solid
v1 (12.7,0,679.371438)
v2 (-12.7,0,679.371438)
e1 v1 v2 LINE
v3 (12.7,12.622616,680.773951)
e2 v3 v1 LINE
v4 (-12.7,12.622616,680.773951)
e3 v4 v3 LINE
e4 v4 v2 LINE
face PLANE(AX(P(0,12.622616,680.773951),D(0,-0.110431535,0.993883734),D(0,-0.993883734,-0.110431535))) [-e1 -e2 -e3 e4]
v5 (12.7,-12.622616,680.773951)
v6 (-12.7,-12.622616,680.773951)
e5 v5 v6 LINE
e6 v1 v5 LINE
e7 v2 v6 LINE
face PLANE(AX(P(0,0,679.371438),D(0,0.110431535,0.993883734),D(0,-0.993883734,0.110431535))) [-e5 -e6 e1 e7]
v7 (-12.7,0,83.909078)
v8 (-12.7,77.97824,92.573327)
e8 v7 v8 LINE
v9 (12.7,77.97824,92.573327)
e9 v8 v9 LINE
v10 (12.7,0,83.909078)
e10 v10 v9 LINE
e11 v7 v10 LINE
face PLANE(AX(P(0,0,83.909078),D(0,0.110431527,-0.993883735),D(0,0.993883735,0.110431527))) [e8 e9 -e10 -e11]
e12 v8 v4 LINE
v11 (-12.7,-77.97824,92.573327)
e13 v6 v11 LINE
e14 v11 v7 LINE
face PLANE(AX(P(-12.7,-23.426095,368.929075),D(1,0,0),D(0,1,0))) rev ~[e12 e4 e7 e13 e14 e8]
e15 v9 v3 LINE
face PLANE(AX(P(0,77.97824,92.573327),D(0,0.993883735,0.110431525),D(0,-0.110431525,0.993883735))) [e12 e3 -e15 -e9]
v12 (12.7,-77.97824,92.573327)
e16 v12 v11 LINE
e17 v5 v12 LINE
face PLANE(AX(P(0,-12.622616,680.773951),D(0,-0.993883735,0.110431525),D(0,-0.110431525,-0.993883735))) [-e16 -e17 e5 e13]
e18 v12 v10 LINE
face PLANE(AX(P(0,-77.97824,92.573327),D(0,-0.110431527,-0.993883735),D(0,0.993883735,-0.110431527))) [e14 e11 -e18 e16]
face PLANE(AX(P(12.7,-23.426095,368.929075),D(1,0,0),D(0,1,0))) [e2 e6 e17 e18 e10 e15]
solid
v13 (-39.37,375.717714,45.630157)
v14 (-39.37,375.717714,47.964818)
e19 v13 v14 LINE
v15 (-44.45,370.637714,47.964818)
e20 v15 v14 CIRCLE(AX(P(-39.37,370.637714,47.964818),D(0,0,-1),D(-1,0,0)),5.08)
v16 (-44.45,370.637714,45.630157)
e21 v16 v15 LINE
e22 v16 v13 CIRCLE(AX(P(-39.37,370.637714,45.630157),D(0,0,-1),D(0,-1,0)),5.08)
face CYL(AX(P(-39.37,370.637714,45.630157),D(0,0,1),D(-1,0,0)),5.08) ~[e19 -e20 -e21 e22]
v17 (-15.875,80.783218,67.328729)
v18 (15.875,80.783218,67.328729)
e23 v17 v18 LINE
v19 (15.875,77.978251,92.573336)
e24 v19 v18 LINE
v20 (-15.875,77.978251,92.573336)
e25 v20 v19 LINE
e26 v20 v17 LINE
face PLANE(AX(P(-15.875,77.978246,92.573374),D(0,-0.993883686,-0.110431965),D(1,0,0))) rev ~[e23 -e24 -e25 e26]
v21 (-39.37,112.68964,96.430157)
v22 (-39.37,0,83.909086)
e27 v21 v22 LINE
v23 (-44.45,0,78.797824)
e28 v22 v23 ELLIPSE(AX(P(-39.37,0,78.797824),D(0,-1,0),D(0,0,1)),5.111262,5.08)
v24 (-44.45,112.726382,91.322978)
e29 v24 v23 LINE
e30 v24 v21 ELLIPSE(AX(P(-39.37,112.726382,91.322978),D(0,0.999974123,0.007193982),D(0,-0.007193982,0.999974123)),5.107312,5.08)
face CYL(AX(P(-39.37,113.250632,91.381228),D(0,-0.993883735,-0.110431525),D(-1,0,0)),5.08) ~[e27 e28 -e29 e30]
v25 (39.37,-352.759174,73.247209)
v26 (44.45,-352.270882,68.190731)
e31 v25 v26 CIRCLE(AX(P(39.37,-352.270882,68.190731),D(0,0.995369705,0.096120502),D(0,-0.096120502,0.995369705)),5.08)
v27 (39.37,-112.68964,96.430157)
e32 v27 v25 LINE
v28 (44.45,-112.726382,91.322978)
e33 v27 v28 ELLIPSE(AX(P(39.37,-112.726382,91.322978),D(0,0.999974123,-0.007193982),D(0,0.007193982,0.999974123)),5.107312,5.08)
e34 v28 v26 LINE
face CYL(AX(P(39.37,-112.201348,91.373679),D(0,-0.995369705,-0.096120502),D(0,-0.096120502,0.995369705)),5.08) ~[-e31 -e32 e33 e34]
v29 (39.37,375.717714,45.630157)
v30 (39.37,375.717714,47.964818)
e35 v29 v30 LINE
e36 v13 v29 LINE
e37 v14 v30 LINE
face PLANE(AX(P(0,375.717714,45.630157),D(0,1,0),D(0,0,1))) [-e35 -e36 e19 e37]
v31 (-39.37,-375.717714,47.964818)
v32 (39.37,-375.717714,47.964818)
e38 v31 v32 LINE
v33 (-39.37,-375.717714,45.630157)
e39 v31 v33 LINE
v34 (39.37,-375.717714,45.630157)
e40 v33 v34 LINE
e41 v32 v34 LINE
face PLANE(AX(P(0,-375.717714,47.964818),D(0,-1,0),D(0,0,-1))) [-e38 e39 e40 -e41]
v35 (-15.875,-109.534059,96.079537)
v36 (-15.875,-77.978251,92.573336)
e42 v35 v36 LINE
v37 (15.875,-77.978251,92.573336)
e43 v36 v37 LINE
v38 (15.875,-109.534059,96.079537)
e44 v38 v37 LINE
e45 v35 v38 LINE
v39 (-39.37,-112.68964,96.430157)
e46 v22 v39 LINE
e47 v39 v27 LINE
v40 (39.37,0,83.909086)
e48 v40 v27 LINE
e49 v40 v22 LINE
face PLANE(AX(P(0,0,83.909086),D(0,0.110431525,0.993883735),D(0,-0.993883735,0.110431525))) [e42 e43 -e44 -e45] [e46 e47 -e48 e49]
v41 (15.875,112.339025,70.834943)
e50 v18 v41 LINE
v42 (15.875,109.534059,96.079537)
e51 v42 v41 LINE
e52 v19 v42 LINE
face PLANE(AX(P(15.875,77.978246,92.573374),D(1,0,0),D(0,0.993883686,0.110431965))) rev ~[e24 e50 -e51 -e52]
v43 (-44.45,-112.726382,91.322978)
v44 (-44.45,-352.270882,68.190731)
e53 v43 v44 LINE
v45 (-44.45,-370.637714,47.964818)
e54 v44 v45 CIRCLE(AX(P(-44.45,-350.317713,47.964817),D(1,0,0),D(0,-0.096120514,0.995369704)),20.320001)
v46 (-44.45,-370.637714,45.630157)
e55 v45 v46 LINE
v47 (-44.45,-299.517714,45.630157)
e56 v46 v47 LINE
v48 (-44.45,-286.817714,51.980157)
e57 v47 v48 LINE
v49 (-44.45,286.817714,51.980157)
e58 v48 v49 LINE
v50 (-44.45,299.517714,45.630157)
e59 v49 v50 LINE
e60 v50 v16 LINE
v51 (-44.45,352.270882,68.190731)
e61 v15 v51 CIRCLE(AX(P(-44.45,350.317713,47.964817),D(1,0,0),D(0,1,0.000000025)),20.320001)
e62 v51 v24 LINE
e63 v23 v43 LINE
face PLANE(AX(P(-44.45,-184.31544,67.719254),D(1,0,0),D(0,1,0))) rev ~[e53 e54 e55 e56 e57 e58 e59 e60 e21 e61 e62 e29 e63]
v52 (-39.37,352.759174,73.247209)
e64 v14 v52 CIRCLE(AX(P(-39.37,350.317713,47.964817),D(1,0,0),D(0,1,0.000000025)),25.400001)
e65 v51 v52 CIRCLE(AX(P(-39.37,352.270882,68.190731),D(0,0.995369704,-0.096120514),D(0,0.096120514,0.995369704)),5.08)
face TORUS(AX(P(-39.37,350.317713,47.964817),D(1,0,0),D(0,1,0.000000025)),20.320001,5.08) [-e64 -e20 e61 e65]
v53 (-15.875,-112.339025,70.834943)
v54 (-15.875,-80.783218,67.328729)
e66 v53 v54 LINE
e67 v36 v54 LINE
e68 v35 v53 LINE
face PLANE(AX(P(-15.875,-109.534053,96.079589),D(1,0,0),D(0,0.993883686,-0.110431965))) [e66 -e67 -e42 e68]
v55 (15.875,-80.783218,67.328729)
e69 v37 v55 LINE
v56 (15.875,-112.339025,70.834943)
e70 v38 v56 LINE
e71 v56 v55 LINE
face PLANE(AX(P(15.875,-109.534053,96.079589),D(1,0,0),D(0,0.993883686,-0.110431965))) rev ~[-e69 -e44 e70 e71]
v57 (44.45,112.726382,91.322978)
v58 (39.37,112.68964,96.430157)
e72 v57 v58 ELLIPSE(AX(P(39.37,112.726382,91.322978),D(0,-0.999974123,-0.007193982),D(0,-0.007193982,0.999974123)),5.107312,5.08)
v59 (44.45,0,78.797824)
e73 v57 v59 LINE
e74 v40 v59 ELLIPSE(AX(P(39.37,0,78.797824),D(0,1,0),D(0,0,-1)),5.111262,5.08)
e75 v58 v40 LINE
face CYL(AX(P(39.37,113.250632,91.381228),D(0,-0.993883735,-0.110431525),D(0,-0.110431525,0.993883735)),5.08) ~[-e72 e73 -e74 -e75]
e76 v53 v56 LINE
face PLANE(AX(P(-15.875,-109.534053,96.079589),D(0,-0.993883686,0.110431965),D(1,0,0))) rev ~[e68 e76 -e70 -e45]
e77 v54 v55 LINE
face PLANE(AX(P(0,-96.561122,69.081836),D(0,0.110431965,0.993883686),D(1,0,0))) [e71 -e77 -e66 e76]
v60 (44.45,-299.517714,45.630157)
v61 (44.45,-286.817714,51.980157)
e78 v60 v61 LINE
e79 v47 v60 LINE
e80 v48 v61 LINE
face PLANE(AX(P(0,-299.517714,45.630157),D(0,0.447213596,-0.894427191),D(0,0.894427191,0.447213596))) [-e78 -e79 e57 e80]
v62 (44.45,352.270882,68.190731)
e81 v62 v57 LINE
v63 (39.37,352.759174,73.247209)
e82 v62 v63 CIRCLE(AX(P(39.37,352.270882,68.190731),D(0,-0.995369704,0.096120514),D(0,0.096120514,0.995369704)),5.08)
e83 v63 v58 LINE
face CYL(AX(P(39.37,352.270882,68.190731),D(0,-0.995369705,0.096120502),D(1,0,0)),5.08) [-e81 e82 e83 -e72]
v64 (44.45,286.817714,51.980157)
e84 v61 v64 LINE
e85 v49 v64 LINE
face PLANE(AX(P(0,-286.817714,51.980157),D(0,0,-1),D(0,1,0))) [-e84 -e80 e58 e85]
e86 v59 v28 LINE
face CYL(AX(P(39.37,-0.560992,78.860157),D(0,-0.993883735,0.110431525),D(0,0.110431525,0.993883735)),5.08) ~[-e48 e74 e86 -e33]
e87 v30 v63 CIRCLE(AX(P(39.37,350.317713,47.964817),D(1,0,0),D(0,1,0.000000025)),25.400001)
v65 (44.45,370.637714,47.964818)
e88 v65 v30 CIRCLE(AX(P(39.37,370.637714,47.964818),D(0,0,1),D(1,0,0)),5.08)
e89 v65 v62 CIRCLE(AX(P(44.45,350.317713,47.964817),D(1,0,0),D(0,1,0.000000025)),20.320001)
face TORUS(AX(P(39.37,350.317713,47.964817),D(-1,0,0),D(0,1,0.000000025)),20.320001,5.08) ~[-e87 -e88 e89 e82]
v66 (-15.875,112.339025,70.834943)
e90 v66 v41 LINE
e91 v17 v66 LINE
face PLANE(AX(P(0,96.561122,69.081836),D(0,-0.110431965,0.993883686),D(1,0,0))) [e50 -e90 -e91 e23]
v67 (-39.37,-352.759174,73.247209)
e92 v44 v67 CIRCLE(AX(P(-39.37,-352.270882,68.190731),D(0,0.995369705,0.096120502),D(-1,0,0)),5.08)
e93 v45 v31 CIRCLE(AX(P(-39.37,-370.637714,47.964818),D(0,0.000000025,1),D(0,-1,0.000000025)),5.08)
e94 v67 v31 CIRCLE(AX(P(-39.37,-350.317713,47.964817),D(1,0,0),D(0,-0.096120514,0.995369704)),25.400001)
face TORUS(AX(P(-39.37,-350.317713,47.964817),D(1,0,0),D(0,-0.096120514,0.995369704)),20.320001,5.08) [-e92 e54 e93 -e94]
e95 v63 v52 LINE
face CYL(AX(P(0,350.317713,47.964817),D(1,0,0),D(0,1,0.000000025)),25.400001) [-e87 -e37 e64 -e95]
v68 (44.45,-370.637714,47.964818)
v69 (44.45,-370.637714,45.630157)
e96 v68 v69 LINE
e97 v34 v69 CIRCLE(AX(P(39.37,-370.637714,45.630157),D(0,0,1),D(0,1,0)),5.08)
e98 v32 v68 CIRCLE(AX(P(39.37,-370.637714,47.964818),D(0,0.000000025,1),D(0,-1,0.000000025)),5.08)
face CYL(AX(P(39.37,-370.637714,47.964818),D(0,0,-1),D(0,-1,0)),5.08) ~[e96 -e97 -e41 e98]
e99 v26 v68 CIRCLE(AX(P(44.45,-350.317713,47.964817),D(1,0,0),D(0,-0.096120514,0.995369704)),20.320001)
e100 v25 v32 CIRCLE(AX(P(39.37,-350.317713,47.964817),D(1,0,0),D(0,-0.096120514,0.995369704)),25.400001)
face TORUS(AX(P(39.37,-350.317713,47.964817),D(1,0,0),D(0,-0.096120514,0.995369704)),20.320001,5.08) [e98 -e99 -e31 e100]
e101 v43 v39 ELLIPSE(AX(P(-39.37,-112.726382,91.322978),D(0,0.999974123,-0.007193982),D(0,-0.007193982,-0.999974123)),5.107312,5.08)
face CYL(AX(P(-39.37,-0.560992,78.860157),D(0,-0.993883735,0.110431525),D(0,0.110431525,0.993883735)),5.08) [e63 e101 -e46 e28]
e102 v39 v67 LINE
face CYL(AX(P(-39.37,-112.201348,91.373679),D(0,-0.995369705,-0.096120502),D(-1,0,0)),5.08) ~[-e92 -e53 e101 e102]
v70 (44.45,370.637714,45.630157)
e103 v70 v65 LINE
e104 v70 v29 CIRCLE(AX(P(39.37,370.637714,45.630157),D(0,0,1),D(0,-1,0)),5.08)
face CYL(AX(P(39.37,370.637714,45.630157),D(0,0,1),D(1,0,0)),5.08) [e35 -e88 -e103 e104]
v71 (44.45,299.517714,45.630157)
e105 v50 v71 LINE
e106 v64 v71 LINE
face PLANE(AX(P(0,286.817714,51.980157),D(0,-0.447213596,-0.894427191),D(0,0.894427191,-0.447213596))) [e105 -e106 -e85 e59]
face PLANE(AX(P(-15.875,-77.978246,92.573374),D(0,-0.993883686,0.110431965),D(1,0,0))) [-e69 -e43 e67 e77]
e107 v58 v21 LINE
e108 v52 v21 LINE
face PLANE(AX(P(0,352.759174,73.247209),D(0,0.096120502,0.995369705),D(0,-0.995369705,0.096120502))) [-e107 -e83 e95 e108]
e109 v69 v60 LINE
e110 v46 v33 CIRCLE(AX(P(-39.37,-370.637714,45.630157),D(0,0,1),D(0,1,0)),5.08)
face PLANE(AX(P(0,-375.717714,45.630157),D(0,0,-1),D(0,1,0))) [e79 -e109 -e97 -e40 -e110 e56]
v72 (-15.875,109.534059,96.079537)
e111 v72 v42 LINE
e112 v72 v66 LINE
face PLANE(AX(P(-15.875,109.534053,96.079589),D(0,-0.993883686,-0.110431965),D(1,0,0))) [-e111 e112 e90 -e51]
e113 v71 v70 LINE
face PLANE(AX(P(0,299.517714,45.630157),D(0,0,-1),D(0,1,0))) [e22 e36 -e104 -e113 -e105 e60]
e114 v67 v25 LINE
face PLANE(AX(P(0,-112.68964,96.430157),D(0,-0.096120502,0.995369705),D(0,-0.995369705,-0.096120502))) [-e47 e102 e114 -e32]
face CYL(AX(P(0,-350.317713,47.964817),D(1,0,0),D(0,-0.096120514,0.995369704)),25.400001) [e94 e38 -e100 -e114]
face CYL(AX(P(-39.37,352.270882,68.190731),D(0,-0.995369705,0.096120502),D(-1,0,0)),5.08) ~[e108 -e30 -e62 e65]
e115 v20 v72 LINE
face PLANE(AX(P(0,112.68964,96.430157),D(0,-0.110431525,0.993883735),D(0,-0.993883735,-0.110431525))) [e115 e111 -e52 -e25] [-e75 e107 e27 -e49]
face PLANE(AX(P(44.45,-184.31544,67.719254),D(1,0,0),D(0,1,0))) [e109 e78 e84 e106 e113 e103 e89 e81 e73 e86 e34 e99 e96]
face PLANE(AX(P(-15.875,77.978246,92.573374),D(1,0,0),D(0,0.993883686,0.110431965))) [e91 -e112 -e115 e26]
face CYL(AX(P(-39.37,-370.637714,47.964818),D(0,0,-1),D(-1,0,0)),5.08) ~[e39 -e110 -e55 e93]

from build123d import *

# Parameters (mm, degrees)
F1_DEPTH = 44.45
F2_W     = 31.75
F2_H     = 31.75
F3_DEPTH = 25.4
F4_W     = 31.75
F4_H     = 31.75
F5_DEPTH = 25.4
F6_R     = 5.08
F8_DEPTH = 12.7


with BuildPart() as f1:
    # F0 (on Right) → F1 (new body, symmetric)
    with BuildSketch(Plane.YZ):
        with BuildLine():
            Line((0, 51.980157), (0, 83.909086))
            Line((0, 83.909086), (-112.68964, 96.430157))
            Line((-112.68964, 96.430157), (-352.759174, 73.247209))
            ThreePointArc((-352.759174, 73.247209), (-369.121611, 65.04034), (-375.717714, 47.964818))
            Line((-375.717714, 47.964818), (-375.717714, 45.630157))
            Line((-375.717714, 45.630157), (-299.517714, 45.630157))
            Line((-299.517714, 45.630157), (-286.817714, 51.980157))
            Line((-286.817714, 51.980157), (0, 51.980157))
        make_face()
        with BuildLine():
            Line((112.68964, 96.430157), (0, 83.909086))
            Line((0, 83.909086), (0, 51.980157))
            Line((0, 51.980157), (286.817714, 51.980157))
            Line((286.817714, 51.980157), (299.517714, 45.630157))
            Line((299.517714, 45.630157), (375.717714, 45.630157))
            Line((375.717714, 45.630157), (375.717714, 47.964818))
            ThreePointArc((375.717714, 47.964818), (369.121611, 65.04034), (352.759174, 73.247209))
            Line((352.759174, 73.247209), (112.68964, 96.430157))
        make_face()
    extrude(amount=F1_DEPTH, both=True)

    # F2 (on face) → F3 (cut)
    with BuildSketch(Plane(origin=(0, 9.209534, 82.885804), x_dir=(1, 0, 0), z_dir=(0, 0.110432, 0.993884))):
        with Locations((0, -103.59933)):
            Rectangle(F2_W, F2_H)
    extrude(amount=-F3_DEPTH, mode=Mode.SUBTRACT)

    # F4 (on face) → F5 (cut)
    with BuildSketch(Plane(origin=(0, -9.209534, 82.885804), x_dir=(1, 0, 0), z_dir=(0, -0.110432, 0.993884))):
        with Locations((0, 103.59933)):
            Rectangle(F4_W, F4_H)
    extrude(amount=-F5_DEPTH, mode=Mode.SUBTRACT)

    # F6
    f6_edges = [f1.edges().sort_by_distance(p)[0] for p in [
        (-44.45, 232.724407, 84.838683),
        (-44.45, -232.724407, 84.838683),
        (-44.45, -56.34482, 90.169621),
        (-44.45, 56.34482, 90.169621),
        (44.45, 369.121611, 65.04034),
        (44.45, 232.724407, 84.838683),
        (44.45, 56.34482, 90.169621),
        (44.45, -56.34482, 90.169621),
        (44.45, -232.724407, 84.838683),
        (44.45, -369.121611, 65.04034),
    ]]
    fillet(f6_edges, radius=F6_R)


with BuildPart() as f8:
    # F7 (on Right) → F8 (new body, symmetric)
    with BuildSketch(Plane.YZ):
        Polygon((-77.97824, 92.573327), (0, 83.909078), (0, 679.371438), (-12.622616, 680.773951), align=None)
        Polygon((0, 679.371438), (0, 83.909078), (77.97824, 92.573327), (12.622616, 680.773951), align=None)
    extrude(amount=F8_DEPTH, both=True)


solid = Compound([f1.part, f8.part])
